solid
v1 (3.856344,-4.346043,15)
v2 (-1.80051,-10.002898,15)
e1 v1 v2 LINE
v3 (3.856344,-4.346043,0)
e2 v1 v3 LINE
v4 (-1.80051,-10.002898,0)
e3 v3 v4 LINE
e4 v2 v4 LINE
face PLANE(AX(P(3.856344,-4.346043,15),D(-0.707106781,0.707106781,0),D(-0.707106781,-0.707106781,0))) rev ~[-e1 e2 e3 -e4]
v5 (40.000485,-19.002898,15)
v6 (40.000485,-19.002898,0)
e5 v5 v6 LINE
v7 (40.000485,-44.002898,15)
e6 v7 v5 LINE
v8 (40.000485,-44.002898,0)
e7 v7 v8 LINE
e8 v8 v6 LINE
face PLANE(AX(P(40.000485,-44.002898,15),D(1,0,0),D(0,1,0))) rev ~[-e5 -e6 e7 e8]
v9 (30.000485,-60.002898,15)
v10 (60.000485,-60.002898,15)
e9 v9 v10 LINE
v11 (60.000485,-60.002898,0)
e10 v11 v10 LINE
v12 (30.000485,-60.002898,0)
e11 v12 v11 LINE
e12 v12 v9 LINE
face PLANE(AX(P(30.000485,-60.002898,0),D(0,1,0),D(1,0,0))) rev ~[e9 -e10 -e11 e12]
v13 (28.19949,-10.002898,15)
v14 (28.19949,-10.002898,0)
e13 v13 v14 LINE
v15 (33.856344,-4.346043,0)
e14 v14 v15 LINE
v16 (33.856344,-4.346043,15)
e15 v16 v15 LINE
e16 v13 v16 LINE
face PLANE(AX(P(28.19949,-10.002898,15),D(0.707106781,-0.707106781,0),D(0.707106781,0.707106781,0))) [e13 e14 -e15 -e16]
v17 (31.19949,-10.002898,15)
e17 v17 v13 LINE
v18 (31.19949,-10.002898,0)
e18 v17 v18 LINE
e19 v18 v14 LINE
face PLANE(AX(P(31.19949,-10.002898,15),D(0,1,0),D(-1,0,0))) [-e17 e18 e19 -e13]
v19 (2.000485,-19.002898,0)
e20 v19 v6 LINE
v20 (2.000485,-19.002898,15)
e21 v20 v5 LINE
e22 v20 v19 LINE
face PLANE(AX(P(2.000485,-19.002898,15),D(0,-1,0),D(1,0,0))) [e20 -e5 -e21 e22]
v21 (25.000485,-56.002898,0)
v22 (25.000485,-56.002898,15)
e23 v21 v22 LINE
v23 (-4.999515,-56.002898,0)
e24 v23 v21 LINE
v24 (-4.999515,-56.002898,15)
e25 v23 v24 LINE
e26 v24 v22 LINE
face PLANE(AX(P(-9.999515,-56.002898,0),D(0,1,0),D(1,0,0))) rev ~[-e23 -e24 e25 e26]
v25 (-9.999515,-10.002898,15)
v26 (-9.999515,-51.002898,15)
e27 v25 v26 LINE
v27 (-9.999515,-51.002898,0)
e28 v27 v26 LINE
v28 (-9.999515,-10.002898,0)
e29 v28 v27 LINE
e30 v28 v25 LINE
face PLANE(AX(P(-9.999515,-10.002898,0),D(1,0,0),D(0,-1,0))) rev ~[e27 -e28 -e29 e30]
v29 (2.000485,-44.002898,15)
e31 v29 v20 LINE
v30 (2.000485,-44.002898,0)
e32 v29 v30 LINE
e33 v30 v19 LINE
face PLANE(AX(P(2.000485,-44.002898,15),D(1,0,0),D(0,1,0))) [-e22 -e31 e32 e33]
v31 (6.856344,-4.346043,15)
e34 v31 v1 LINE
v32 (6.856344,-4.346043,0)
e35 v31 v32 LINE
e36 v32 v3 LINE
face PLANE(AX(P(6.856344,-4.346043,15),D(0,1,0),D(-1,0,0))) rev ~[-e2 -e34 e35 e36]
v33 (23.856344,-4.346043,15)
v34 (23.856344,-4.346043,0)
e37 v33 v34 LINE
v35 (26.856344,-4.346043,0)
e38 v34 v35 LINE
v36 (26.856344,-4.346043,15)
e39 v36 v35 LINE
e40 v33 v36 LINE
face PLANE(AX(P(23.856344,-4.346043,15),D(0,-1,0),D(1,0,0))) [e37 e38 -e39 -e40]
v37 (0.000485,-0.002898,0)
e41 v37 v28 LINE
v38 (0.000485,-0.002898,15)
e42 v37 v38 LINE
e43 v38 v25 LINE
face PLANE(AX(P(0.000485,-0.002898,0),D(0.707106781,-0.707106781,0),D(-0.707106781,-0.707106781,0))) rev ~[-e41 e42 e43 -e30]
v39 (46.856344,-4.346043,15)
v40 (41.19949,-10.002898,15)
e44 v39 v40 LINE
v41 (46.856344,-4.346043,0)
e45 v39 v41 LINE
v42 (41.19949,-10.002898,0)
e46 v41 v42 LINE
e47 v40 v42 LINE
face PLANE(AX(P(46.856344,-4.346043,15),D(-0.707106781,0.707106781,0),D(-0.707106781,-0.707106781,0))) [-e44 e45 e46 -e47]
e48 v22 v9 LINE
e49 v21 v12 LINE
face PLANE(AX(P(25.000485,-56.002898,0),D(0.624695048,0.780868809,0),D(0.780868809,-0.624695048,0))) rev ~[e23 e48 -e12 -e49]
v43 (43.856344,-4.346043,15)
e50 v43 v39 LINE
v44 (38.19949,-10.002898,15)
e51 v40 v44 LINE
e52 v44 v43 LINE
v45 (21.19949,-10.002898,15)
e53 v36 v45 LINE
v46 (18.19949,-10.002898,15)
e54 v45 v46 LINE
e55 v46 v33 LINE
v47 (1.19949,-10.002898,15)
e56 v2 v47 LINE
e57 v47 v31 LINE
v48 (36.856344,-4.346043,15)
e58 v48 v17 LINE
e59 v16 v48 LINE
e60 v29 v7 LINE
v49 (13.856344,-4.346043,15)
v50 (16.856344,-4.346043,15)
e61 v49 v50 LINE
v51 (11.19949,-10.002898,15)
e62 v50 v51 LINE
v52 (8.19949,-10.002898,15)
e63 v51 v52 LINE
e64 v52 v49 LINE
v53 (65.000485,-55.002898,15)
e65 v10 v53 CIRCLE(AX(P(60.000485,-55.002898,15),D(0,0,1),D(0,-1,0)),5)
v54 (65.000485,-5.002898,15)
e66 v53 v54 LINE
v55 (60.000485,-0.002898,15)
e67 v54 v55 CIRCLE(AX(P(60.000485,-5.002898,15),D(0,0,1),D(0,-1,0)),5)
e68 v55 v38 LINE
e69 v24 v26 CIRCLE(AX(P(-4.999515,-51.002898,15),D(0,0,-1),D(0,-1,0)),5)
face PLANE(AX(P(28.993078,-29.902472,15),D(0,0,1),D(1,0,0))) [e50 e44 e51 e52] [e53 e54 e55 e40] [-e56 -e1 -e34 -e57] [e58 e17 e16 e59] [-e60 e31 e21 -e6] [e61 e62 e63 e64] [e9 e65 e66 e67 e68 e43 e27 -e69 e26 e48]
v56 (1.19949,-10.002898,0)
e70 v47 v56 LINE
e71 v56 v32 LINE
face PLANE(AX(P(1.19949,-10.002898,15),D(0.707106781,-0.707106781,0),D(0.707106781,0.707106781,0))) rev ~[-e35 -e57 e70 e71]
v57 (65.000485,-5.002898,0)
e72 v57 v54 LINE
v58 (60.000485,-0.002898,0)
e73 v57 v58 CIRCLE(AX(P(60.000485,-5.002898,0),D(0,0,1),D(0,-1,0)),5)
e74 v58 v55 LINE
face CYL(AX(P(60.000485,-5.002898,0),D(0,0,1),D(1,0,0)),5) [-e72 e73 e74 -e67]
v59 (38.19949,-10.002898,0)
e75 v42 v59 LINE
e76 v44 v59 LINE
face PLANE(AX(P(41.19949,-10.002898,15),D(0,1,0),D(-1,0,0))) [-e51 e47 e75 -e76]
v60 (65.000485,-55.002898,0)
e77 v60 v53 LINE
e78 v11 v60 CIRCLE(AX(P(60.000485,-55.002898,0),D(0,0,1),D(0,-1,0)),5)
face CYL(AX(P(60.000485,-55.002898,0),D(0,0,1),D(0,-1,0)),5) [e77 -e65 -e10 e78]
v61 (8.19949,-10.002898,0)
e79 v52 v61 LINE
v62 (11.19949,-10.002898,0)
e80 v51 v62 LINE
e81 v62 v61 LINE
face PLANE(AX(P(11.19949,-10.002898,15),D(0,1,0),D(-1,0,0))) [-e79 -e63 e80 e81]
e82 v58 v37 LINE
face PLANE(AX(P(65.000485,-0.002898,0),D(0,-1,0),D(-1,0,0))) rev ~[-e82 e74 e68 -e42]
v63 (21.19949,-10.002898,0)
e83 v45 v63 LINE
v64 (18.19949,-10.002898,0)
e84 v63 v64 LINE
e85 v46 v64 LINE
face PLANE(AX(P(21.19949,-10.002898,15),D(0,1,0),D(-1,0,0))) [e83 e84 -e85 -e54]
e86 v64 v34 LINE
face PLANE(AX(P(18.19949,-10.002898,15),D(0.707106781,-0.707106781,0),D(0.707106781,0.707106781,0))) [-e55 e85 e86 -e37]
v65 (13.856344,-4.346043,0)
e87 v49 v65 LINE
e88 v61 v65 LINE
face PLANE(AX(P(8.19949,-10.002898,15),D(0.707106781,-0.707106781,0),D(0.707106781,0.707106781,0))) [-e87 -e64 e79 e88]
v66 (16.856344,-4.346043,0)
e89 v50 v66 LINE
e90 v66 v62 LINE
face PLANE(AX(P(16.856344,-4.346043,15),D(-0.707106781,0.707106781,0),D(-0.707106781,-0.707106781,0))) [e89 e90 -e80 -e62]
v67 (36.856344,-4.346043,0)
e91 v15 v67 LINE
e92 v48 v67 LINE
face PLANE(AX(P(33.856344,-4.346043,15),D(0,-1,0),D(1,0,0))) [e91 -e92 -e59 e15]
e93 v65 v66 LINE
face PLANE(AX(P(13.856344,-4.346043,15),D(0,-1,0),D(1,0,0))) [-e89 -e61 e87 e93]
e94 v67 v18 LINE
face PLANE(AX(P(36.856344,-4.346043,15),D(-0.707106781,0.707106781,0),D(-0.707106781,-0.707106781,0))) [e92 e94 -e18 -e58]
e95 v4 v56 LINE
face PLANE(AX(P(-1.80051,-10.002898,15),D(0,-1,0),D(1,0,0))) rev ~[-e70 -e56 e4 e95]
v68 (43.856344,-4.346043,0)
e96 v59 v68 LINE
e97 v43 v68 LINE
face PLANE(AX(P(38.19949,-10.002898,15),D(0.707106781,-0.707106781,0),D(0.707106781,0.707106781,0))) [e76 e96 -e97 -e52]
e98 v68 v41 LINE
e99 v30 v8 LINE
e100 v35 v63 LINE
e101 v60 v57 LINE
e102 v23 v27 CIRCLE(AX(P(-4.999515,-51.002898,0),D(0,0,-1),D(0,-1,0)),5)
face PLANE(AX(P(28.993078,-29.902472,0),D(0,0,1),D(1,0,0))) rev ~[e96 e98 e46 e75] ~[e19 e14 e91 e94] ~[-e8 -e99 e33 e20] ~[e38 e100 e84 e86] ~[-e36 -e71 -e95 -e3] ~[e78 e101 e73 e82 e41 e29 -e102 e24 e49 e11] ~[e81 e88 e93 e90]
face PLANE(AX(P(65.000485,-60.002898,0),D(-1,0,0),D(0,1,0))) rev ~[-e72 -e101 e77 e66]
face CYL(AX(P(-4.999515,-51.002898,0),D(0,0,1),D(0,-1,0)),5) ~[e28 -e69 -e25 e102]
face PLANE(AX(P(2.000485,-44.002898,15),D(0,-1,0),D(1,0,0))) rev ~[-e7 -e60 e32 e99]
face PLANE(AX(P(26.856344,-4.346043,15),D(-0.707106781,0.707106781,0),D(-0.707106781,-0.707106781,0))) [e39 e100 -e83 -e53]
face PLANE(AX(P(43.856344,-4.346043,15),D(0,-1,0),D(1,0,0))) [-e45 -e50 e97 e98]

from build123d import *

# Parameters (mm, degrees)
EXTRUDE_1_DEPTH     = 15
FILLET_1_R          = 5
CUT_EXTRUDE_1_DEPTH = 90.724081338
SKETCH_4_W          = 38
SKETCH_4_H          = 25
CUT_EXTRUDE_2_DEPTH = 90.724081338


with BuildPart() as part:
    # 草图1 → 凸台-拉伸1 (new body)
    with BuildSketch(Plane.XY):
        Polygon((-9.999515105, -56.002897725), (25.000484895, -56.002897725), (30.000484895, -60.002897725), (65.000484895, -60.002897725), (65.000484895, -0.002897725), (0.000484895, -0.002897725), (-9.999515105, -10.002897725), align=None)
    extrude(amount=EXTRUDE_1_DEPTH)

    # 圆角1
    fillet_1_edges = [part.edges().sort_by_distance(p)[0] for p in [
        (-9.999515105, -56.002897725, 7.5),
        (65.000484895, -0.002897725, 7.5),
        (65.000484895, -60.002897725, 7.5),
    ]]
    fillet(fillet_1_edges, radius=FILLET_1_R)

    # 草图3 → 切除-拉伸1 (cut, through all)
    with BuildSketch(Plane.XY.offset(15)):
        Polygon((3.856343928, -4.346043475), (-1.800510321, -10.002897725), (1.199489679, -10.002897725), (6.856343928, -4.346043475), align=None)
        Polygon((16.856343928, -4.346043475), (11.199489679, -10.002897725), (8.199489679, -10.002897725), (13.856343928, -4.346043475), align=None)
        Polygon((26.856343928, -4.346043475), (21.199489679, -10.002897725), (18.199489679, -10.002897725), (23.856343928, -4.346043475), align=None)
        Polygon((36.856343928, -4.346043475), (31.199489679, -10.002897725), (28.199489679, -10.002897725), (33.856343928, -4.346043475), align=None)
        Polygon((46.856343928, -4.346043475), (41.199489679, -10.002897725), (38.199489679, -10.002897725), (43.856343928, -4.346043475), align=None)
    extrude(amount=-CUT_EXTRUDE_1_DEPTH, mode=Mode.SUBTRACT)

    # 草图4 → 切除-拉伸2 (cut, through all)
    with BuildSketch(Plane.XY.offset(15)):
        with Locations((21.000484895, -31.502897725)):
            Rectangle(SKETCH_4_W, SKETCH_4_H)
    extrude(amount=-CUT_EXTRUDE_2_DEPTH, mode=Mode.SUBTRACT)


solid = part.part
